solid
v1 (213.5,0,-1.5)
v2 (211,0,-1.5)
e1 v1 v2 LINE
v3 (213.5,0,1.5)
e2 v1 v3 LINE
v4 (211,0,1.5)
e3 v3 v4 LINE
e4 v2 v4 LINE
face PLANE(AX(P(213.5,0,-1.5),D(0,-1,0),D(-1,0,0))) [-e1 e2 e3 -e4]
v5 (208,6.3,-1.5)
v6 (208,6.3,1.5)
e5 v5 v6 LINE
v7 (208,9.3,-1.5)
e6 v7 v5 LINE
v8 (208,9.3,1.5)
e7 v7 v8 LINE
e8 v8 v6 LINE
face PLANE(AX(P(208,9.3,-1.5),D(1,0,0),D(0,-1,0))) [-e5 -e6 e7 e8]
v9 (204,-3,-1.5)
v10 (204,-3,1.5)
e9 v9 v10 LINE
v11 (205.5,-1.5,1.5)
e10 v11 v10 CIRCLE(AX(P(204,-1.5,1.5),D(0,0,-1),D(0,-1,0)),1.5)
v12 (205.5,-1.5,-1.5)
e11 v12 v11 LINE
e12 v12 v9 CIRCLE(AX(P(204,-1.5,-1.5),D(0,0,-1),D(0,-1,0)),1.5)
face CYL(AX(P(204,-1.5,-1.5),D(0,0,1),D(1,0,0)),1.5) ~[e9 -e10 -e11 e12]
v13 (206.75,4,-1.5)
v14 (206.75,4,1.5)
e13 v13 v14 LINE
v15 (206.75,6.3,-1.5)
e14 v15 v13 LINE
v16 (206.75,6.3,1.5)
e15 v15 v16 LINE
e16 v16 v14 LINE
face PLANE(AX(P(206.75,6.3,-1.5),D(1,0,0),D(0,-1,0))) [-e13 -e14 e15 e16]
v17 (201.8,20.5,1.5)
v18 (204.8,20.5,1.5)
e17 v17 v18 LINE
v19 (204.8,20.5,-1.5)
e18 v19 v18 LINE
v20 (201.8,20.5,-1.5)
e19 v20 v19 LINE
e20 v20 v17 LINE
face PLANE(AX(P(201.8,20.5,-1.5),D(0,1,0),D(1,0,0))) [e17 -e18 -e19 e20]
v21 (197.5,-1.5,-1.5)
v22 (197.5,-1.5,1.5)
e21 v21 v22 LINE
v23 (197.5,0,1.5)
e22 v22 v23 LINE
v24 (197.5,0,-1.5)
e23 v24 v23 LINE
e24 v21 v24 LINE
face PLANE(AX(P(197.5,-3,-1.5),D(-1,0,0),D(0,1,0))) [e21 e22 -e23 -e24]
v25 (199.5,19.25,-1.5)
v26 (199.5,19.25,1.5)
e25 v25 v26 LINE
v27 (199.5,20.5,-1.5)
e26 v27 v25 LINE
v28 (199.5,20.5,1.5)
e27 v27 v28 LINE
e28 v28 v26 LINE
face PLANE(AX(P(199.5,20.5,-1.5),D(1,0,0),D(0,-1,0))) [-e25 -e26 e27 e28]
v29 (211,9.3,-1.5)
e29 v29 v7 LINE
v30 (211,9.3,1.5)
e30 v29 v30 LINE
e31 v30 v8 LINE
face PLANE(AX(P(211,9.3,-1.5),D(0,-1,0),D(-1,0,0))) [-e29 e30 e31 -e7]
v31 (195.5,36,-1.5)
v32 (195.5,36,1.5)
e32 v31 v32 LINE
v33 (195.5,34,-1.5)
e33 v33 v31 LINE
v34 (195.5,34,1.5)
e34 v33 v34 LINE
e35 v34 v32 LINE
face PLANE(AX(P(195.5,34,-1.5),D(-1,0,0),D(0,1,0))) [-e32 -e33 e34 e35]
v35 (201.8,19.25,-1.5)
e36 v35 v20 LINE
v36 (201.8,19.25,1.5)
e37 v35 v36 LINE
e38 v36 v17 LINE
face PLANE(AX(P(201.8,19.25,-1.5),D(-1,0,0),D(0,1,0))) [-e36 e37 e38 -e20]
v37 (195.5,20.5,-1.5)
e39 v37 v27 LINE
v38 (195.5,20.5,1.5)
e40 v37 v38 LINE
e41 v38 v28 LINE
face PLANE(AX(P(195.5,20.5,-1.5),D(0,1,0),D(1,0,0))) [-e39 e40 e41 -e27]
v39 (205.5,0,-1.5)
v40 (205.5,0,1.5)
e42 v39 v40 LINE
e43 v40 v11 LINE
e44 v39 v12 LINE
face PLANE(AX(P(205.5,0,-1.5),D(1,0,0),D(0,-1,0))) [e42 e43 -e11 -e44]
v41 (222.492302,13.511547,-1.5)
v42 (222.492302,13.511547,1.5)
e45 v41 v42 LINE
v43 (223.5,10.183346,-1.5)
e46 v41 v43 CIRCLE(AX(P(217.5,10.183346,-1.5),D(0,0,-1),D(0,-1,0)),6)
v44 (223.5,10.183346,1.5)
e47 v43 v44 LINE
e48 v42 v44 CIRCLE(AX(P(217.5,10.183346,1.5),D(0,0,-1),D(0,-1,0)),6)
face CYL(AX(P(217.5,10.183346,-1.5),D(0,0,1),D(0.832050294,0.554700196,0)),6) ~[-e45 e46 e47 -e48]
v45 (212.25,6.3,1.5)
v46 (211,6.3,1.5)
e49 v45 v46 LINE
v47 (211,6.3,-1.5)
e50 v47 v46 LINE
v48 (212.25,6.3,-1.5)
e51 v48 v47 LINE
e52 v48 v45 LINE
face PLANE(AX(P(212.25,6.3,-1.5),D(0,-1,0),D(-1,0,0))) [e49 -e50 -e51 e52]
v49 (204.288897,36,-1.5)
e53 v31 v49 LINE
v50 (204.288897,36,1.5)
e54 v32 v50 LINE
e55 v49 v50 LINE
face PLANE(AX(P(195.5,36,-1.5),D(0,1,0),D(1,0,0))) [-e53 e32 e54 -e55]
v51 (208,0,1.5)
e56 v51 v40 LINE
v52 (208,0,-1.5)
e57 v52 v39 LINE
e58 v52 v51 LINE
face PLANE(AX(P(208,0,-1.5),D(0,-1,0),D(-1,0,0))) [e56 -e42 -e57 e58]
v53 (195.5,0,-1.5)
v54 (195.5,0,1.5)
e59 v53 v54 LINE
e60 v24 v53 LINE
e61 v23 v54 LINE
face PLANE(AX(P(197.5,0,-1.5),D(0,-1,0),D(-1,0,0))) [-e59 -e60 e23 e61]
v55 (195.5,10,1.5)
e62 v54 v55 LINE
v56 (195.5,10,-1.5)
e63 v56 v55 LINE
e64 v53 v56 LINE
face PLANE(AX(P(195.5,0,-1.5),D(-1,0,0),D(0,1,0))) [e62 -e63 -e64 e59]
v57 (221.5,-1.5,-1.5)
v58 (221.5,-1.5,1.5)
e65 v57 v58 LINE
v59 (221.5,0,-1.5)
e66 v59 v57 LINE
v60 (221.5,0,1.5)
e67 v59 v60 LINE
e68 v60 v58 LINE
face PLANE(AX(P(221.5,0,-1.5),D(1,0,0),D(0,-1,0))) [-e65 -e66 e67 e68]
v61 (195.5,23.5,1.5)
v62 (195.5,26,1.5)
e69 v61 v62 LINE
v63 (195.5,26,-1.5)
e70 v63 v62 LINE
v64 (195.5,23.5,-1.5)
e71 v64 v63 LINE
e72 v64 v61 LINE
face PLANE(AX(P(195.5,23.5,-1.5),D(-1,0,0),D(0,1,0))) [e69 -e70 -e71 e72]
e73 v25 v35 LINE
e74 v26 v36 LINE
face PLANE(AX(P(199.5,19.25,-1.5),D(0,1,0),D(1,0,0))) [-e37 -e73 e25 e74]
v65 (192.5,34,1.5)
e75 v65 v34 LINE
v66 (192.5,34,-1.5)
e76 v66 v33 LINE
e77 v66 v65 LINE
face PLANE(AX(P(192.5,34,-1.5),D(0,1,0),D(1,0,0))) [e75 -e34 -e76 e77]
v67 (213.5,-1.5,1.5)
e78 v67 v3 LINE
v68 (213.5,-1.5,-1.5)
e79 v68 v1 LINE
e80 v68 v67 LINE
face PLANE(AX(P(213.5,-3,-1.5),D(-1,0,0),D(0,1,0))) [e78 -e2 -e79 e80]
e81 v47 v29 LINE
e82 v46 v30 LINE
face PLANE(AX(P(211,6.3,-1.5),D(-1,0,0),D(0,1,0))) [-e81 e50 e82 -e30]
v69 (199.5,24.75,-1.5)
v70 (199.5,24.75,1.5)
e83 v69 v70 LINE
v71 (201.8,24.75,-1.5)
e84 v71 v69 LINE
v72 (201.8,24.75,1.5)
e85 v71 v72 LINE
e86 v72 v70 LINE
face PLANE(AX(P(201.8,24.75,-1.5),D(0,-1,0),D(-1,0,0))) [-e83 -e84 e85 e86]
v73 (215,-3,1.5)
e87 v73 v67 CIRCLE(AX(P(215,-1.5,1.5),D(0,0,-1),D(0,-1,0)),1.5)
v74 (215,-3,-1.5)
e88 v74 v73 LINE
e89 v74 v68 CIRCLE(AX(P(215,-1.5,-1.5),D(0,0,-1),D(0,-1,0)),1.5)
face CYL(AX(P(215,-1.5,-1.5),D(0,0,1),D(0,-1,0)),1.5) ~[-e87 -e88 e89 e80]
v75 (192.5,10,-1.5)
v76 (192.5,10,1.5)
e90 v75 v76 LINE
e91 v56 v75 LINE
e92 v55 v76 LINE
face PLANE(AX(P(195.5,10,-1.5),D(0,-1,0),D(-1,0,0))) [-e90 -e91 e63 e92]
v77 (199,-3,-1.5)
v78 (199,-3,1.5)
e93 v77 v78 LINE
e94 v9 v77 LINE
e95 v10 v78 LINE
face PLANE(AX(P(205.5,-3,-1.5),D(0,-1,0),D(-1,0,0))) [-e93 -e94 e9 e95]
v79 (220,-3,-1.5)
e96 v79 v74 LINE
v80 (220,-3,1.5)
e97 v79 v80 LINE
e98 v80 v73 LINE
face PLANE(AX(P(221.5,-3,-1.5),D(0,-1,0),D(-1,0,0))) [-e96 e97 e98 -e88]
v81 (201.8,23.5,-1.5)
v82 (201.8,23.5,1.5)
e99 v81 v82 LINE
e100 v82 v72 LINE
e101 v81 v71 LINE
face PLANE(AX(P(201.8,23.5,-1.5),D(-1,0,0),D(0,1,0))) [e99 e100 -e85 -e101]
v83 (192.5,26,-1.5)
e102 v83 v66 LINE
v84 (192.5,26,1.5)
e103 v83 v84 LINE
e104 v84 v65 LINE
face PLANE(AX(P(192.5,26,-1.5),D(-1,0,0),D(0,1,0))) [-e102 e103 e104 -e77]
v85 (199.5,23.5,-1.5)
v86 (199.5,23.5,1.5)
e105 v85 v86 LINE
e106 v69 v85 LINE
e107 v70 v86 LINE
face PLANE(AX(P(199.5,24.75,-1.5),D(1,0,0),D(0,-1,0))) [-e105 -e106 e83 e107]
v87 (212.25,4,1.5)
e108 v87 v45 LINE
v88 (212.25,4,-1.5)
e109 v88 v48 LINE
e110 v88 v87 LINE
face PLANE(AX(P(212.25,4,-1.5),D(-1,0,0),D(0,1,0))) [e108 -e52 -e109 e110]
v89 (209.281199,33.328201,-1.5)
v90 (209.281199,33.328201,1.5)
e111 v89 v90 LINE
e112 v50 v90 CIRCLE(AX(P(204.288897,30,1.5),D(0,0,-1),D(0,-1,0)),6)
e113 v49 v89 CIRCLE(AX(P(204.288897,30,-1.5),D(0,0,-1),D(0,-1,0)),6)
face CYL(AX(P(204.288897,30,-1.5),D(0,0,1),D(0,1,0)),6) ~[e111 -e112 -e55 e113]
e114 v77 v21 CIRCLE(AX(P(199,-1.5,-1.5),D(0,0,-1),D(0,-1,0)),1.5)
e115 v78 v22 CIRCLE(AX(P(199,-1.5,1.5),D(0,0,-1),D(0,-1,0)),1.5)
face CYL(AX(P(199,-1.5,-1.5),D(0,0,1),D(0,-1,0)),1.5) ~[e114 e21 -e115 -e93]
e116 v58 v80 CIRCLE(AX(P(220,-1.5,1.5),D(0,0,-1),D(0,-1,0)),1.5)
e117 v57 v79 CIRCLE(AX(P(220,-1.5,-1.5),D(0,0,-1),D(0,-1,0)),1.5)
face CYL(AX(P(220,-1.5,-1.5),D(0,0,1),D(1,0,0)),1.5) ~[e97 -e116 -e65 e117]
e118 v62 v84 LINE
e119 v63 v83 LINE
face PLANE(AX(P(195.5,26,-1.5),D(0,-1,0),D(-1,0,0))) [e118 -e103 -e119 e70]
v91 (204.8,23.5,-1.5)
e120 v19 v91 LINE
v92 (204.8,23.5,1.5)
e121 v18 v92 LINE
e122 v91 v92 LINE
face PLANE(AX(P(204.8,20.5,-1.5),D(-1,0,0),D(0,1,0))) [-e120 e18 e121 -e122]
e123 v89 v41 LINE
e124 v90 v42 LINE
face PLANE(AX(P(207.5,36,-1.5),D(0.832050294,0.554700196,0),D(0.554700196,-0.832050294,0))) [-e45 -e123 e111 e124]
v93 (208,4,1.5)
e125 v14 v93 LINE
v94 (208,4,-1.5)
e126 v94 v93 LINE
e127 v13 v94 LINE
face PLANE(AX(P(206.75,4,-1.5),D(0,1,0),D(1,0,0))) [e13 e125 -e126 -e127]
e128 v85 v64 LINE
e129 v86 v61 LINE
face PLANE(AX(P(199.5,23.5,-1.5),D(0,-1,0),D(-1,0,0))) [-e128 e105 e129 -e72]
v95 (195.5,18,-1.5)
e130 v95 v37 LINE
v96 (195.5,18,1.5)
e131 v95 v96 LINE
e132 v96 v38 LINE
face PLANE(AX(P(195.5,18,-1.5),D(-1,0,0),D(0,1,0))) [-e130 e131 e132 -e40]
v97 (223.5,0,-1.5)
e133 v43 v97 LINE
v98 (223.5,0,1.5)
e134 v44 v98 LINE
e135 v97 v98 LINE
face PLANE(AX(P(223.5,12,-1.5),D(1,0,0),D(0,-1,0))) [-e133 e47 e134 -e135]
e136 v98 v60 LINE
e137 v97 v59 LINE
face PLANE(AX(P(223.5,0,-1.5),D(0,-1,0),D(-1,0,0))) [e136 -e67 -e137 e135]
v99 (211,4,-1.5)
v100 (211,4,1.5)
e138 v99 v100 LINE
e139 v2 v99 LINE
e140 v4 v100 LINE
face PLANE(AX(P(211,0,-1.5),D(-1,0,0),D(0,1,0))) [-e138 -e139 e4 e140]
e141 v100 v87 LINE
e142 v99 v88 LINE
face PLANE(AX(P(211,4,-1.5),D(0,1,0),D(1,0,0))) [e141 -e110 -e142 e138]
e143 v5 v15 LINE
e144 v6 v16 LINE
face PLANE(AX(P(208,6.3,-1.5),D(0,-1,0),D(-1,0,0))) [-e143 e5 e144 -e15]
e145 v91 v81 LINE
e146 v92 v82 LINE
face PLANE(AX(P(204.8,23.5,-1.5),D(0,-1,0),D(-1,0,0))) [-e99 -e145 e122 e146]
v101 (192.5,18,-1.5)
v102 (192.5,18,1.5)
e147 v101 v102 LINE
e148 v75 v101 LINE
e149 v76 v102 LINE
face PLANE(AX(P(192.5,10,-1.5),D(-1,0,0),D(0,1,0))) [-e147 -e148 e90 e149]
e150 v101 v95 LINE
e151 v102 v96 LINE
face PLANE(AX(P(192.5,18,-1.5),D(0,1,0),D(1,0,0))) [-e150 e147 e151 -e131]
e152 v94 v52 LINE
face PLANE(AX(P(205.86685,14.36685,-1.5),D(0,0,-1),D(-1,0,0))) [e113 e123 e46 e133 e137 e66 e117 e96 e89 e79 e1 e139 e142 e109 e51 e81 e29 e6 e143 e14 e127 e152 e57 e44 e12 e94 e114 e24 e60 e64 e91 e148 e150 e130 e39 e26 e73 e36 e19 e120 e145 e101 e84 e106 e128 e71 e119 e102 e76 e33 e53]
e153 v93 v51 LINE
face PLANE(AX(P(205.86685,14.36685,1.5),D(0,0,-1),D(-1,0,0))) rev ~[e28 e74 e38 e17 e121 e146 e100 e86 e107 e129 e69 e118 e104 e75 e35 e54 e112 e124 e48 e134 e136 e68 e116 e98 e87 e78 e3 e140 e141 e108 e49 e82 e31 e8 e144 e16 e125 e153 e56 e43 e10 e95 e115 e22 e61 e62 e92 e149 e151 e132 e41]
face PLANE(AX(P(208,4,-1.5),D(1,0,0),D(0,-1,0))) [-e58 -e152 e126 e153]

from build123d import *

# Parameters (mm, degrees)
PAD007_DEPTH = 3
FILLET011_R  = 6
FILLET012_R  = 1.5


with BuildPart() as part:
    # Sketch006 → Pad007 (new body)
    with BuildSketch(Plane(origin=(195.5, 0, -1.5), x_dir=(1, 0, 0), z_dir=(0, 0, 1))):
        Polygon((0, 36), (12, 36), (28, 12), (28, 0), (26, 0), (26, -3), (18, -3), (18, 0), (15.5, 0), (15.5, 4), (16.75, 4), (16.75, 6.3), (15.5, 6.3), (15.5, 9.3), (12.5, 9.3), (12.5, 6.3), (11.25, 6.3), (11.25, 4), (12.5, 4), (12.5, 0), (10, 0), (10, -3), (2, -3), (2, 0), (0, 0), (0, 10), (-3, 10), (-3, 18), (0, 18), (0, 20.5), (4, 20.5), (4, 19.25), (6.3, 19.25), (6.3, 20.5), (9.3, 20.5), (9.3, 23.5), (6.3, 23.5), (6.3, 24.75), (4, 24.75), (4, 23.5), (0, 23.5), (0, 26), (-3, 26), (-3, 34), (0, 34), align=None)
    extrude(amount=PAD007_DEPTH)

    # Fillet011
    fillet011_edges = [part.edges().sort_by_distance(p)[0] for p in [
        (207.5, 36, 0),
        (223.5, 12, 0),
    ]]
    fillet(fillet011_edges, radius=FILLET011_R)

    # Fillet012
    fillet012_edges = [part.edges().sort_by_distance(p)[0] for p in [
        (221.5, -3, 0),
        (213.5, -3, 0),
        (205.5, -3, 0),
        (197.5, -3, 0),
    ]]
    fillet(fillet012_edges, radius=FILLET012_R)


solid = part.part
